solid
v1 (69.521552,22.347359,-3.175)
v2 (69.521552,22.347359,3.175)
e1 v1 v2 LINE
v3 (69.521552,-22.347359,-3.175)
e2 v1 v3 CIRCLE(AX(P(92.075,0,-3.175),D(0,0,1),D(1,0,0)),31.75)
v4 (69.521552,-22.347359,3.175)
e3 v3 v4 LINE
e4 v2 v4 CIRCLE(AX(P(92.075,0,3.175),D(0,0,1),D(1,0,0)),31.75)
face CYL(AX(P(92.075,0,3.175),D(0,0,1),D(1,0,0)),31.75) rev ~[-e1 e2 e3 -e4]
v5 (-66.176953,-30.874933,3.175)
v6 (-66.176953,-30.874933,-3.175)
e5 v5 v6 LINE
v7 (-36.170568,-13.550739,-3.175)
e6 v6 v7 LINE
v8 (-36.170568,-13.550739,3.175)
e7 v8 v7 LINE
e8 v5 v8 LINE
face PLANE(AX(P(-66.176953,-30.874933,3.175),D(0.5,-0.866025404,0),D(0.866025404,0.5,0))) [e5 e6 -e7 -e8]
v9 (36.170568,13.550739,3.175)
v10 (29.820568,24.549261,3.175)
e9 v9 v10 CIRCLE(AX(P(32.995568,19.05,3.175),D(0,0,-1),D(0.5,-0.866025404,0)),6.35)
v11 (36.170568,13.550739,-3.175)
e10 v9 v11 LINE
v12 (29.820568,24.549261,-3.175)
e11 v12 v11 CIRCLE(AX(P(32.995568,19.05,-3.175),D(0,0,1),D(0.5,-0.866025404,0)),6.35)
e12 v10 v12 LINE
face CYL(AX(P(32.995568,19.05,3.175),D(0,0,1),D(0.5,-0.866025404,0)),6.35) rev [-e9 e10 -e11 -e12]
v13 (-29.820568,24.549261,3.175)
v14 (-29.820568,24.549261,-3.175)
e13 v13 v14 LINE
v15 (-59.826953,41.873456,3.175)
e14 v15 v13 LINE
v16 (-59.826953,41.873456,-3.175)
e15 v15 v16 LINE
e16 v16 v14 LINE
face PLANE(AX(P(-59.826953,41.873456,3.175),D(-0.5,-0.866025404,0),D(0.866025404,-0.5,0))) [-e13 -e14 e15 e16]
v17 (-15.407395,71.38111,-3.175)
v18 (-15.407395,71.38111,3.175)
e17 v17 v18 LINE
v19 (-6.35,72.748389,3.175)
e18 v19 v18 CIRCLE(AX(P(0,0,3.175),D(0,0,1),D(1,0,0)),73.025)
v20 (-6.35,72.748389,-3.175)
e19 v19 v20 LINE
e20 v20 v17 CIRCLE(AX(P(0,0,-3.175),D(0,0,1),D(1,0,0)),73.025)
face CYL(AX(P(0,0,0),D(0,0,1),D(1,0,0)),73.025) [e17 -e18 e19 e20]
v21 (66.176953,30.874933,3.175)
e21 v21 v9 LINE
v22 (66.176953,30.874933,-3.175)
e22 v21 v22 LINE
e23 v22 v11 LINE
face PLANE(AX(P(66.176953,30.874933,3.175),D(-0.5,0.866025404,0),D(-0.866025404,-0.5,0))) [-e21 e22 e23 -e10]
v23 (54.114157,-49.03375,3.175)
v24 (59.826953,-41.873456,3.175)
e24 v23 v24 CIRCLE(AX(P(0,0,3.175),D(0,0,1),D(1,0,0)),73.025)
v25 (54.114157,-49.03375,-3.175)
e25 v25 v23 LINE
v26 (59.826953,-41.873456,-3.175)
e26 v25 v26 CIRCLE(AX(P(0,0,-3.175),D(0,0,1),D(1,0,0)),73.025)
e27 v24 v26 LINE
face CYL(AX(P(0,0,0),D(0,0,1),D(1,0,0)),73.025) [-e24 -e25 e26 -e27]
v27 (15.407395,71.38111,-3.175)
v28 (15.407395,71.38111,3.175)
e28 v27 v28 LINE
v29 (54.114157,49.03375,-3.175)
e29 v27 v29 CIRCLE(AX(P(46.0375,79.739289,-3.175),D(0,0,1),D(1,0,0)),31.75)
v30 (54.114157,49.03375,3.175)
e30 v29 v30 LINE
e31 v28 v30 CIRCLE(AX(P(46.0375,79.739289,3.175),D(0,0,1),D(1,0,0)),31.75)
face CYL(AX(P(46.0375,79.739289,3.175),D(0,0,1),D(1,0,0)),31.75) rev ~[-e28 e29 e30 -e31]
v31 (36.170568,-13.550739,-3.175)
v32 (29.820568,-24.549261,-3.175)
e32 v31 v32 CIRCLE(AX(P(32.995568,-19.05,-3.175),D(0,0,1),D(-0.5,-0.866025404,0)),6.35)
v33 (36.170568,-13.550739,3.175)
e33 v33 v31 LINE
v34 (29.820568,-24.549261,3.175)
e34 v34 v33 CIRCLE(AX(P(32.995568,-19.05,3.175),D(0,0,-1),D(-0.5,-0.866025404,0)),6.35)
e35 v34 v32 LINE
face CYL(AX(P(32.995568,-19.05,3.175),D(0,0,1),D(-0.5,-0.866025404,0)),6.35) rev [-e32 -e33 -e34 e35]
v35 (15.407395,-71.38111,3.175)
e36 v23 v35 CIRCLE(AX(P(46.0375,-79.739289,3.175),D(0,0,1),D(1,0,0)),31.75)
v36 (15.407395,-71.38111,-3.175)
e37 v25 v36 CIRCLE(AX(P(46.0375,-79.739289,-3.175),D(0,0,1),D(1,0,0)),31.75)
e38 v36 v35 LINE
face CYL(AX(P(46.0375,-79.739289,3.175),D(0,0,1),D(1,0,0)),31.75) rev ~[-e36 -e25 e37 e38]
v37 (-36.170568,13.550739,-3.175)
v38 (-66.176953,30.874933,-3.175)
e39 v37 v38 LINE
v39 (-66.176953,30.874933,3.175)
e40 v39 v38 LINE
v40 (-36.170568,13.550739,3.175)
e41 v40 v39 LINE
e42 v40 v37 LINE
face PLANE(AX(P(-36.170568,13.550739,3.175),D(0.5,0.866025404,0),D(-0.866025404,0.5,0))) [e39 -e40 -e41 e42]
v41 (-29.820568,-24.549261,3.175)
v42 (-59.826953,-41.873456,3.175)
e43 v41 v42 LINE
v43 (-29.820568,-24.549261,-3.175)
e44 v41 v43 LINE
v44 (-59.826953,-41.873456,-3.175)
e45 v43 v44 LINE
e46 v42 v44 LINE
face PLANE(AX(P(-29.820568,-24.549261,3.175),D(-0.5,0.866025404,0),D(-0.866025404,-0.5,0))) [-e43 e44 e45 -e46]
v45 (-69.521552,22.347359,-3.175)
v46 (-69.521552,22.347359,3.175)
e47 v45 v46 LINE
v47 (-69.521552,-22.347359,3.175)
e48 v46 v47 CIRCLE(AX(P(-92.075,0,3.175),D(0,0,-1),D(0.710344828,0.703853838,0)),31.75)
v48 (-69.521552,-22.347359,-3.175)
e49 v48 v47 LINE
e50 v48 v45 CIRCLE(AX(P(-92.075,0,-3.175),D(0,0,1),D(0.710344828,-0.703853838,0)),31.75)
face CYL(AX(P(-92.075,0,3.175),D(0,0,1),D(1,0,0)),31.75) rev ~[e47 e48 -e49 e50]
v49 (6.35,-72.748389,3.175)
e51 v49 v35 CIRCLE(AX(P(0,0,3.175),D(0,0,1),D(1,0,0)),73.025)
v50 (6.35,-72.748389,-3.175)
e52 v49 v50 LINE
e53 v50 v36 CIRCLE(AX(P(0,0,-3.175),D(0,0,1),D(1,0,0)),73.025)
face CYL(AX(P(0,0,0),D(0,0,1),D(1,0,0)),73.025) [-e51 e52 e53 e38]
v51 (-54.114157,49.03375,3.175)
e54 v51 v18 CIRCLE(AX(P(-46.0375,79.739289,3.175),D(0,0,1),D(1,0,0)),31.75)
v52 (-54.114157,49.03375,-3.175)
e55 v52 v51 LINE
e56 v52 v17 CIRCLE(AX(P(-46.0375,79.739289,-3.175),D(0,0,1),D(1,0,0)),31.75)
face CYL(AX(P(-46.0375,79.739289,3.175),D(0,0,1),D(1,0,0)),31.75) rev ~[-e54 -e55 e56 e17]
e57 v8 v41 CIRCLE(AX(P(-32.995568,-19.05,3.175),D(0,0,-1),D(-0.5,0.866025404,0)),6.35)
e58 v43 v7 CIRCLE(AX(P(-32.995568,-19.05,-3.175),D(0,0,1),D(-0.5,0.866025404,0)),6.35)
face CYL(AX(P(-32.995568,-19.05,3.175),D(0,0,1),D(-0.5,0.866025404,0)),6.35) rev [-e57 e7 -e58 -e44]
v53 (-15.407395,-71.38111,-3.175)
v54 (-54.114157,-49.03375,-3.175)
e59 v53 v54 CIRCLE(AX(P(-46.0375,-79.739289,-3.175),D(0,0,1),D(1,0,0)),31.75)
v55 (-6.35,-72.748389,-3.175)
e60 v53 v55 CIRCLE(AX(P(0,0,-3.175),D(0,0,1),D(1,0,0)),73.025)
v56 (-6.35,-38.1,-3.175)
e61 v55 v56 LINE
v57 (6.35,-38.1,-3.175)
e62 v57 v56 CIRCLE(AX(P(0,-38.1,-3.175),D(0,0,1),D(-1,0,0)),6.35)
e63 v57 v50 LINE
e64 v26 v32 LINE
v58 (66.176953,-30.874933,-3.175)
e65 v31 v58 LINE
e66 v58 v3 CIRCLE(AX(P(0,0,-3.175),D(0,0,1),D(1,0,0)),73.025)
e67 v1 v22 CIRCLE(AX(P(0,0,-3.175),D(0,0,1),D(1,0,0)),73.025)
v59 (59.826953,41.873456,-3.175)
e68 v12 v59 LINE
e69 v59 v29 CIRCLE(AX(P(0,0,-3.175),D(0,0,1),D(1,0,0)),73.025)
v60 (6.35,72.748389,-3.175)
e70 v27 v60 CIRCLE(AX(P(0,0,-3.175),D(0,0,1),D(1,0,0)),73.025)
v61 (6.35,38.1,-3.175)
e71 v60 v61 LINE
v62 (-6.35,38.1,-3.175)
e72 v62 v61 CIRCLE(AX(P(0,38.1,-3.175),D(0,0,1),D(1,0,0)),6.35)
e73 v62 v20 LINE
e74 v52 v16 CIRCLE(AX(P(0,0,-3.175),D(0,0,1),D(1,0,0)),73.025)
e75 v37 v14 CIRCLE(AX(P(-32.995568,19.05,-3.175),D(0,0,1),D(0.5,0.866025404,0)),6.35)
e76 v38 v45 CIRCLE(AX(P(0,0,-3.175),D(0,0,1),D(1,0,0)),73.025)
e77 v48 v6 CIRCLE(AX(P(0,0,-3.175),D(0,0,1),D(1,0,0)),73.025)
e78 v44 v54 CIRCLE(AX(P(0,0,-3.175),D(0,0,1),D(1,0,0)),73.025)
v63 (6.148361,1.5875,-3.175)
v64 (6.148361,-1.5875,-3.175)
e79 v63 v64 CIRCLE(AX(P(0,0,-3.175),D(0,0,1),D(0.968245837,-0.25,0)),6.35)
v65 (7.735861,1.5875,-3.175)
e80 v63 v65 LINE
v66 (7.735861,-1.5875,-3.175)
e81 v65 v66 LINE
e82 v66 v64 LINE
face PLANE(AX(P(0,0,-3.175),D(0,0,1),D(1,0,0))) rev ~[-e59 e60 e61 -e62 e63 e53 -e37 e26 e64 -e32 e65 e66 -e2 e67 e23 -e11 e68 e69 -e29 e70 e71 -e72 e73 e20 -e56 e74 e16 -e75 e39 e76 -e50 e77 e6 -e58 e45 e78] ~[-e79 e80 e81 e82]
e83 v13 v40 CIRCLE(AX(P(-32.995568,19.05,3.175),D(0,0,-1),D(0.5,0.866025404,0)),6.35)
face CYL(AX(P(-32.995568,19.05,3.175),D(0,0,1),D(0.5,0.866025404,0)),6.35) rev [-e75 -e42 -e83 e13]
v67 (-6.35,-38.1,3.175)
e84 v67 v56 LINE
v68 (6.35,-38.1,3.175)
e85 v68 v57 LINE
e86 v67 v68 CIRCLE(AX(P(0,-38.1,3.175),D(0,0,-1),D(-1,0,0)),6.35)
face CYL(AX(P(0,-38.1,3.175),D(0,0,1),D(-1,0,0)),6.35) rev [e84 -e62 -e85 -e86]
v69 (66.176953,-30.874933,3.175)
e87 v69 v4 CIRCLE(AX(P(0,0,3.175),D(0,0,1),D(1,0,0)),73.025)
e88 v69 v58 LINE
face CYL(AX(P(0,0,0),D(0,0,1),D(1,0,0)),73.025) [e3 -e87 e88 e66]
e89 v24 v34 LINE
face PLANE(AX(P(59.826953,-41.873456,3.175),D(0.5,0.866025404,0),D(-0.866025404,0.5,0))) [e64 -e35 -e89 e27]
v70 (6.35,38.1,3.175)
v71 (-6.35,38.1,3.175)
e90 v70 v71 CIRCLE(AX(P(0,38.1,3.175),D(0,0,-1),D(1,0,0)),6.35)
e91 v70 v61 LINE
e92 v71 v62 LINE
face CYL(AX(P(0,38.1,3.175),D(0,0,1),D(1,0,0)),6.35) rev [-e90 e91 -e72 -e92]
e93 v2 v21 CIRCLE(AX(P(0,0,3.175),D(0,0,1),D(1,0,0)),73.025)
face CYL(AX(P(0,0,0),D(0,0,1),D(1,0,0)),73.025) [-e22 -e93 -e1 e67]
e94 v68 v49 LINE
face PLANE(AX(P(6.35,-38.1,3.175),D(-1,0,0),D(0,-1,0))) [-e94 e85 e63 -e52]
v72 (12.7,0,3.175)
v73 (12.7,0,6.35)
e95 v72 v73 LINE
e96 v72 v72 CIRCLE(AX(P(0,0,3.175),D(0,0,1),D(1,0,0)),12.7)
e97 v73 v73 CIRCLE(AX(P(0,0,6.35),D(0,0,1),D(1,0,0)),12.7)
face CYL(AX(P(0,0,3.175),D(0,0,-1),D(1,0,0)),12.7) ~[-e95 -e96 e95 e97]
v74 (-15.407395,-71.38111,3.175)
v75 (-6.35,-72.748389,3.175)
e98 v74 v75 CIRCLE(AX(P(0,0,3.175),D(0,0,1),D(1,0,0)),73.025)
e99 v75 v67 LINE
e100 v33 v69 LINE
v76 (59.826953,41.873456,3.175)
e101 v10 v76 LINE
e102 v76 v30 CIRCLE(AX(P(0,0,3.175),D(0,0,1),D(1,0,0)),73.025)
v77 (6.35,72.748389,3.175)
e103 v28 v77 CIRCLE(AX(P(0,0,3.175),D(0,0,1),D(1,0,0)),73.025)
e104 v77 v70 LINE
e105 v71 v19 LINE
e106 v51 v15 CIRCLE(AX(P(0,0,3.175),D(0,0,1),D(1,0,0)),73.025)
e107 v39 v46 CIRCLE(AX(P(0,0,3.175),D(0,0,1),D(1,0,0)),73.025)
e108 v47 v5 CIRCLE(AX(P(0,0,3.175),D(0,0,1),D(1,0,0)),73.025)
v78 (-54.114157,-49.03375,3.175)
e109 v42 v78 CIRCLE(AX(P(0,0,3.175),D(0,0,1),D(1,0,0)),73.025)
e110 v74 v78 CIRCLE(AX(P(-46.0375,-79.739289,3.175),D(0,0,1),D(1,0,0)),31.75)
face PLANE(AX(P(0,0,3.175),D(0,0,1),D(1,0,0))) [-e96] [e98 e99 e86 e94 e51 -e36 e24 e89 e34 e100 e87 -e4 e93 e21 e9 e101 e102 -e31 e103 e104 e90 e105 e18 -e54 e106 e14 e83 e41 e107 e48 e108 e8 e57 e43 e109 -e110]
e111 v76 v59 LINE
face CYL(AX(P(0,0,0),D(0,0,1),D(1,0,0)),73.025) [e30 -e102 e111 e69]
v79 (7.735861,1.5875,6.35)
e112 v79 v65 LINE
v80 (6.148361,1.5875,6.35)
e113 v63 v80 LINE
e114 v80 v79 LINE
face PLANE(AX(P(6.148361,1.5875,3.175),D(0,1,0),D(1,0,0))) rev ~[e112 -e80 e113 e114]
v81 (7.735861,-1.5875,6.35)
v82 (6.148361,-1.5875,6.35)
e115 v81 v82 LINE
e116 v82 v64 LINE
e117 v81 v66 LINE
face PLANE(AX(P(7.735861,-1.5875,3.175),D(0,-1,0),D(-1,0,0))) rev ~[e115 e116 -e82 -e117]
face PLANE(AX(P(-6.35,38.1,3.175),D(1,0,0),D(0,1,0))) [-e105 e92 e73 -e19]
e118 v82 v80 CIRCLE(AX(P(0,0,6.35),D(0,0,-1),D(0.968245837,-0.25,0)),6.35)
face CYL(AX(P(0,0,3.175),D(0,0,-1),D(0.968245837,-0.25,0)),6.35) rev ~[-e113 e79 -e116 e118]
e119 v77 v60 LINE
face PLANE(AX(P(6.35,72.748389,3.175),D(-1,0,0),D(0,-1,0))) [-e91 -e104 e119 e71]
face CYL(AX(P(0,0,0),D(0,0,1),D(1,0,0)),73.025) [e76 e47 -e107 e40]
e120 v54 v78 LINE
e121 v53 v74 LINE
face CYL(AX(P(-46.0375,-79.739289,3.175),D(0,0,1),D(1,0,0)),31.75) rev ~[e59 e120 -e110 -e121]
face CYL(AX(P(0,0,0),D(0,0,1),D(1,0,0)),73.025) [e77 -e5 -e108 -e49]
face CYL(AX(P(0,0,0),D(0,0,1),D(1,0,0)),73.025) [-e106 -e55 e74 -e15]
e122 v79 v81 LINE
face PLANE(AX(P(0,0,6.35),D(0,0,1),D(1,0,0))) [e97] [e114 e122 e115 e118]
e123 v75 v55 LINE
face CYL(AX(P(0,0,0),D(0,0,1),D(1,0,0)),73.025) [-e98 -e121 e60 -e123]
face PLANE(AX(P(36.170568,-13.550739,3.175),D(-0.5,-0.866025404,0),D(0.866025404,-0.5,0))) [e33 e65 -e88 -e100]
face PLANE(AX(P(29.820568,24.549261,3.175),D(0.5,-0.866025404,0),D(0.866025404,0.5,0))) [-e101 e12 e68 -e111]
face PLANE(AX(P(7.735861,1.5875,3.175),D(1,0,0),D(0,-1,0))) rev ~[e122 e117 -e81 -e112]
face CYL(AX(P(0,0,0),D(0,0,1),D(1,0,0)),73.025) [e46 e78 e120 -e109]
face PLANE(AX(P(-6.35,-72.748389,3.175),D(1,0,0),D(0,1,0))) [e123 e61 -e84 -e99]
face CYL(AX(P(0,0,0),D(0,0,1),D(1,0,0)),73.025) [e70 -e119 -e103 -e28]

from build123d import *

# Parameters (mm, degrees)
SKETCH3_R           = 73.025
BOSS_EXTRUDE2_DEPTH = 3.175
SKETCH5_R           = 31.75
CUT_EXTRUDE3_DEPTH  = 104.467984179
CUT_EXTRUDE4_DEPTH  = 101.826071922
BOSS_EXTRUDE4_START = 3.175
SKETCH7_3_R         = 12.7
BOSS_EXTRUDE4_DEPTH = 3.175


with BuildPart() as part:
    # Sketch3 → Boss-Extrude2 (new, symmetric)
    with BuildSketch(Plane.XY):
        Circle(SKETCH3_R)
    extrude(amount=BOSS_EXTRUDE2_DEPTH, both=True)

    # Sketch5 → Cut-Extrude3 (cut, through all)
    with BuildSketch(Plane.XY.offset(3.175)):
        with Locations((92.075, 0)):
            Circle(SKETCH5_R)
        with Locations((46.0375, -79.739289053)):
            Circle(SKETCH5_R)
        with Locations((-46.0375, -79.739289053)):
            Circle(SKETCH5_R)
        with Locations((-92.075, 0)):
            Circle(SKETCH5_R)
        with Locations((-46.0375, 79.739289053)):
            Circle(SKETCH5_R)
        with Locations((46.0375, 79.739289053)):
            Circle(SKETCH5_R)
        with BuildLine():
            Line((66.176953095, 30.874933265), (36.170567884, 13.550738686))
            ThreePointArc((36.170567884, 13.550738686), (27.49630657, 15.875), (29.820567884, 24.549261314))
            Line((29.820567884, 24.549261314), (59.826953095, 41.873455893))
            ThreePointArc((59.826953095, 41.873455893), (68.501214409, 39.549194579), (66.176953095, 30.874933265))
        make_face()
        with BuildLine():
            Line((59.826953095, -41.873455893), (29.820567884, -24.549261314))
            ThreePointArc((29.820567884, -24.549261314), (27.49630657, -15.875), (36.170567884, -13.550738686))
            Line((36.170567884, -13.550738686), (66.176953095, -30.874933265))
            ThreePointArc((66.176953095, -30.874933265), (68.501214409, -39.549194579), (59.826953095, -41.873455893))
        make_face()
        with BuildLine():
            Line((-6.35, -72.748389157), (-6.35, -38.1))
            ThreePointArc((-6.35, -38.1), (0, -31.75), (6.35, -38.1))
            Line((6.35, -38.1), (6.35, -72.748389157))
            ThreePointArc((6.35, -72.748389157), (0, -79.098389157), (-6.35, -72.748389157))
        make_face()
        with BuildLine():
            Line((-66.176953095, -30.874933265), (-36.170567884, -13.550738686))
            ThreePointArc((-36.170567884, -13.550738686), (-27.49630657, -15.875), (-29.820567884, -24.549261314))
            Line((-29.820567884, -24.549261314), (-59.826953095, -41.873455893))
            ThreePointArc((-59.826953095, -41.873455893), (-68.501214409, -39.549194579), (-66.176953095, -30.874933265))
        make_face()
        with BuildLine():
            Line((-59.826953095, 41.873455893), (-29.820567884, 24.549261314))
            ThreePointArc((-29.820567884, 24.549261314), (-27.49630657, 15.875), (-36.170567884, 13.550738686))
            Line((-36.170567884, 13.550738686), (-66.176953095, 30.874933265))
            ThreePointArc((-66.176953095, 30.874933265), (-68.501214409, 39.549194579), (-59.826953095, 41.873455893))
        make_face()
        with BuildLine():
            Line((6.35, 72.748389157), (6.35, 38.1))
            ThreePointArc((6.35, 38.1), (0, 31.75), (-6.35, 38.1))
            Line((-6.35, 38.1), (-6.35, 72.748389157))
            ThreePointArc((-6.35, 72.748389157), (0, 79.098389157), (6.35, 72.748389157))
        make_face()
    extrude(amount=-CUT_EXTRUDE3_DEPTH, mode=Mode.SUBTRACT)

    # Sketch7 → Cut-Extrude4 (cut, through all)
    with BuildSketch(Plane.XY.offset(3.175)):
        with BuildLine():
            Line((6.148361062, 1.5875), (7.735861062, 1.5875))
            Line((7.735861062, 1.5875), (7.735861062, -1.5875))
            Line((7.735861062, -1.5875), (6.148361062, -1.5875))
            ThreePointArc((6.148361062, -1.5875), (-6.35, 0), (6.148361062, 1.5875))
        make_face()
    extrude(amount=-CUT_EXTRUDE4_DEPTH, mode=Mode.SUBTRACT)

    # Sketch7<3> → Boss-Extrude4 (add)
    with BuildSketch(Plane.XY.offset(3.175).offset(BOSS_EXTRUDE4_START)):
        Circle(SKETCH7_3_R)
        with BuildLine():
            Line((6.148361062, 1.5875), (7.735861062, 1.5875))
            Line((7.735861062, 1.5875), (7.735861062, -1.5875))
            Line((7.735861062, -1.5875), (6.148361062, -1.5875))
            ThreePointArc((6.148361062, -1.5875), (-6.35, 0), (6.148361062, 1.5875))
        make_face(mode=Mode.SUBTRACT)
    extrude(amount=-BOSS_EXTRUDE4_DEPTH)


solid = part.part
